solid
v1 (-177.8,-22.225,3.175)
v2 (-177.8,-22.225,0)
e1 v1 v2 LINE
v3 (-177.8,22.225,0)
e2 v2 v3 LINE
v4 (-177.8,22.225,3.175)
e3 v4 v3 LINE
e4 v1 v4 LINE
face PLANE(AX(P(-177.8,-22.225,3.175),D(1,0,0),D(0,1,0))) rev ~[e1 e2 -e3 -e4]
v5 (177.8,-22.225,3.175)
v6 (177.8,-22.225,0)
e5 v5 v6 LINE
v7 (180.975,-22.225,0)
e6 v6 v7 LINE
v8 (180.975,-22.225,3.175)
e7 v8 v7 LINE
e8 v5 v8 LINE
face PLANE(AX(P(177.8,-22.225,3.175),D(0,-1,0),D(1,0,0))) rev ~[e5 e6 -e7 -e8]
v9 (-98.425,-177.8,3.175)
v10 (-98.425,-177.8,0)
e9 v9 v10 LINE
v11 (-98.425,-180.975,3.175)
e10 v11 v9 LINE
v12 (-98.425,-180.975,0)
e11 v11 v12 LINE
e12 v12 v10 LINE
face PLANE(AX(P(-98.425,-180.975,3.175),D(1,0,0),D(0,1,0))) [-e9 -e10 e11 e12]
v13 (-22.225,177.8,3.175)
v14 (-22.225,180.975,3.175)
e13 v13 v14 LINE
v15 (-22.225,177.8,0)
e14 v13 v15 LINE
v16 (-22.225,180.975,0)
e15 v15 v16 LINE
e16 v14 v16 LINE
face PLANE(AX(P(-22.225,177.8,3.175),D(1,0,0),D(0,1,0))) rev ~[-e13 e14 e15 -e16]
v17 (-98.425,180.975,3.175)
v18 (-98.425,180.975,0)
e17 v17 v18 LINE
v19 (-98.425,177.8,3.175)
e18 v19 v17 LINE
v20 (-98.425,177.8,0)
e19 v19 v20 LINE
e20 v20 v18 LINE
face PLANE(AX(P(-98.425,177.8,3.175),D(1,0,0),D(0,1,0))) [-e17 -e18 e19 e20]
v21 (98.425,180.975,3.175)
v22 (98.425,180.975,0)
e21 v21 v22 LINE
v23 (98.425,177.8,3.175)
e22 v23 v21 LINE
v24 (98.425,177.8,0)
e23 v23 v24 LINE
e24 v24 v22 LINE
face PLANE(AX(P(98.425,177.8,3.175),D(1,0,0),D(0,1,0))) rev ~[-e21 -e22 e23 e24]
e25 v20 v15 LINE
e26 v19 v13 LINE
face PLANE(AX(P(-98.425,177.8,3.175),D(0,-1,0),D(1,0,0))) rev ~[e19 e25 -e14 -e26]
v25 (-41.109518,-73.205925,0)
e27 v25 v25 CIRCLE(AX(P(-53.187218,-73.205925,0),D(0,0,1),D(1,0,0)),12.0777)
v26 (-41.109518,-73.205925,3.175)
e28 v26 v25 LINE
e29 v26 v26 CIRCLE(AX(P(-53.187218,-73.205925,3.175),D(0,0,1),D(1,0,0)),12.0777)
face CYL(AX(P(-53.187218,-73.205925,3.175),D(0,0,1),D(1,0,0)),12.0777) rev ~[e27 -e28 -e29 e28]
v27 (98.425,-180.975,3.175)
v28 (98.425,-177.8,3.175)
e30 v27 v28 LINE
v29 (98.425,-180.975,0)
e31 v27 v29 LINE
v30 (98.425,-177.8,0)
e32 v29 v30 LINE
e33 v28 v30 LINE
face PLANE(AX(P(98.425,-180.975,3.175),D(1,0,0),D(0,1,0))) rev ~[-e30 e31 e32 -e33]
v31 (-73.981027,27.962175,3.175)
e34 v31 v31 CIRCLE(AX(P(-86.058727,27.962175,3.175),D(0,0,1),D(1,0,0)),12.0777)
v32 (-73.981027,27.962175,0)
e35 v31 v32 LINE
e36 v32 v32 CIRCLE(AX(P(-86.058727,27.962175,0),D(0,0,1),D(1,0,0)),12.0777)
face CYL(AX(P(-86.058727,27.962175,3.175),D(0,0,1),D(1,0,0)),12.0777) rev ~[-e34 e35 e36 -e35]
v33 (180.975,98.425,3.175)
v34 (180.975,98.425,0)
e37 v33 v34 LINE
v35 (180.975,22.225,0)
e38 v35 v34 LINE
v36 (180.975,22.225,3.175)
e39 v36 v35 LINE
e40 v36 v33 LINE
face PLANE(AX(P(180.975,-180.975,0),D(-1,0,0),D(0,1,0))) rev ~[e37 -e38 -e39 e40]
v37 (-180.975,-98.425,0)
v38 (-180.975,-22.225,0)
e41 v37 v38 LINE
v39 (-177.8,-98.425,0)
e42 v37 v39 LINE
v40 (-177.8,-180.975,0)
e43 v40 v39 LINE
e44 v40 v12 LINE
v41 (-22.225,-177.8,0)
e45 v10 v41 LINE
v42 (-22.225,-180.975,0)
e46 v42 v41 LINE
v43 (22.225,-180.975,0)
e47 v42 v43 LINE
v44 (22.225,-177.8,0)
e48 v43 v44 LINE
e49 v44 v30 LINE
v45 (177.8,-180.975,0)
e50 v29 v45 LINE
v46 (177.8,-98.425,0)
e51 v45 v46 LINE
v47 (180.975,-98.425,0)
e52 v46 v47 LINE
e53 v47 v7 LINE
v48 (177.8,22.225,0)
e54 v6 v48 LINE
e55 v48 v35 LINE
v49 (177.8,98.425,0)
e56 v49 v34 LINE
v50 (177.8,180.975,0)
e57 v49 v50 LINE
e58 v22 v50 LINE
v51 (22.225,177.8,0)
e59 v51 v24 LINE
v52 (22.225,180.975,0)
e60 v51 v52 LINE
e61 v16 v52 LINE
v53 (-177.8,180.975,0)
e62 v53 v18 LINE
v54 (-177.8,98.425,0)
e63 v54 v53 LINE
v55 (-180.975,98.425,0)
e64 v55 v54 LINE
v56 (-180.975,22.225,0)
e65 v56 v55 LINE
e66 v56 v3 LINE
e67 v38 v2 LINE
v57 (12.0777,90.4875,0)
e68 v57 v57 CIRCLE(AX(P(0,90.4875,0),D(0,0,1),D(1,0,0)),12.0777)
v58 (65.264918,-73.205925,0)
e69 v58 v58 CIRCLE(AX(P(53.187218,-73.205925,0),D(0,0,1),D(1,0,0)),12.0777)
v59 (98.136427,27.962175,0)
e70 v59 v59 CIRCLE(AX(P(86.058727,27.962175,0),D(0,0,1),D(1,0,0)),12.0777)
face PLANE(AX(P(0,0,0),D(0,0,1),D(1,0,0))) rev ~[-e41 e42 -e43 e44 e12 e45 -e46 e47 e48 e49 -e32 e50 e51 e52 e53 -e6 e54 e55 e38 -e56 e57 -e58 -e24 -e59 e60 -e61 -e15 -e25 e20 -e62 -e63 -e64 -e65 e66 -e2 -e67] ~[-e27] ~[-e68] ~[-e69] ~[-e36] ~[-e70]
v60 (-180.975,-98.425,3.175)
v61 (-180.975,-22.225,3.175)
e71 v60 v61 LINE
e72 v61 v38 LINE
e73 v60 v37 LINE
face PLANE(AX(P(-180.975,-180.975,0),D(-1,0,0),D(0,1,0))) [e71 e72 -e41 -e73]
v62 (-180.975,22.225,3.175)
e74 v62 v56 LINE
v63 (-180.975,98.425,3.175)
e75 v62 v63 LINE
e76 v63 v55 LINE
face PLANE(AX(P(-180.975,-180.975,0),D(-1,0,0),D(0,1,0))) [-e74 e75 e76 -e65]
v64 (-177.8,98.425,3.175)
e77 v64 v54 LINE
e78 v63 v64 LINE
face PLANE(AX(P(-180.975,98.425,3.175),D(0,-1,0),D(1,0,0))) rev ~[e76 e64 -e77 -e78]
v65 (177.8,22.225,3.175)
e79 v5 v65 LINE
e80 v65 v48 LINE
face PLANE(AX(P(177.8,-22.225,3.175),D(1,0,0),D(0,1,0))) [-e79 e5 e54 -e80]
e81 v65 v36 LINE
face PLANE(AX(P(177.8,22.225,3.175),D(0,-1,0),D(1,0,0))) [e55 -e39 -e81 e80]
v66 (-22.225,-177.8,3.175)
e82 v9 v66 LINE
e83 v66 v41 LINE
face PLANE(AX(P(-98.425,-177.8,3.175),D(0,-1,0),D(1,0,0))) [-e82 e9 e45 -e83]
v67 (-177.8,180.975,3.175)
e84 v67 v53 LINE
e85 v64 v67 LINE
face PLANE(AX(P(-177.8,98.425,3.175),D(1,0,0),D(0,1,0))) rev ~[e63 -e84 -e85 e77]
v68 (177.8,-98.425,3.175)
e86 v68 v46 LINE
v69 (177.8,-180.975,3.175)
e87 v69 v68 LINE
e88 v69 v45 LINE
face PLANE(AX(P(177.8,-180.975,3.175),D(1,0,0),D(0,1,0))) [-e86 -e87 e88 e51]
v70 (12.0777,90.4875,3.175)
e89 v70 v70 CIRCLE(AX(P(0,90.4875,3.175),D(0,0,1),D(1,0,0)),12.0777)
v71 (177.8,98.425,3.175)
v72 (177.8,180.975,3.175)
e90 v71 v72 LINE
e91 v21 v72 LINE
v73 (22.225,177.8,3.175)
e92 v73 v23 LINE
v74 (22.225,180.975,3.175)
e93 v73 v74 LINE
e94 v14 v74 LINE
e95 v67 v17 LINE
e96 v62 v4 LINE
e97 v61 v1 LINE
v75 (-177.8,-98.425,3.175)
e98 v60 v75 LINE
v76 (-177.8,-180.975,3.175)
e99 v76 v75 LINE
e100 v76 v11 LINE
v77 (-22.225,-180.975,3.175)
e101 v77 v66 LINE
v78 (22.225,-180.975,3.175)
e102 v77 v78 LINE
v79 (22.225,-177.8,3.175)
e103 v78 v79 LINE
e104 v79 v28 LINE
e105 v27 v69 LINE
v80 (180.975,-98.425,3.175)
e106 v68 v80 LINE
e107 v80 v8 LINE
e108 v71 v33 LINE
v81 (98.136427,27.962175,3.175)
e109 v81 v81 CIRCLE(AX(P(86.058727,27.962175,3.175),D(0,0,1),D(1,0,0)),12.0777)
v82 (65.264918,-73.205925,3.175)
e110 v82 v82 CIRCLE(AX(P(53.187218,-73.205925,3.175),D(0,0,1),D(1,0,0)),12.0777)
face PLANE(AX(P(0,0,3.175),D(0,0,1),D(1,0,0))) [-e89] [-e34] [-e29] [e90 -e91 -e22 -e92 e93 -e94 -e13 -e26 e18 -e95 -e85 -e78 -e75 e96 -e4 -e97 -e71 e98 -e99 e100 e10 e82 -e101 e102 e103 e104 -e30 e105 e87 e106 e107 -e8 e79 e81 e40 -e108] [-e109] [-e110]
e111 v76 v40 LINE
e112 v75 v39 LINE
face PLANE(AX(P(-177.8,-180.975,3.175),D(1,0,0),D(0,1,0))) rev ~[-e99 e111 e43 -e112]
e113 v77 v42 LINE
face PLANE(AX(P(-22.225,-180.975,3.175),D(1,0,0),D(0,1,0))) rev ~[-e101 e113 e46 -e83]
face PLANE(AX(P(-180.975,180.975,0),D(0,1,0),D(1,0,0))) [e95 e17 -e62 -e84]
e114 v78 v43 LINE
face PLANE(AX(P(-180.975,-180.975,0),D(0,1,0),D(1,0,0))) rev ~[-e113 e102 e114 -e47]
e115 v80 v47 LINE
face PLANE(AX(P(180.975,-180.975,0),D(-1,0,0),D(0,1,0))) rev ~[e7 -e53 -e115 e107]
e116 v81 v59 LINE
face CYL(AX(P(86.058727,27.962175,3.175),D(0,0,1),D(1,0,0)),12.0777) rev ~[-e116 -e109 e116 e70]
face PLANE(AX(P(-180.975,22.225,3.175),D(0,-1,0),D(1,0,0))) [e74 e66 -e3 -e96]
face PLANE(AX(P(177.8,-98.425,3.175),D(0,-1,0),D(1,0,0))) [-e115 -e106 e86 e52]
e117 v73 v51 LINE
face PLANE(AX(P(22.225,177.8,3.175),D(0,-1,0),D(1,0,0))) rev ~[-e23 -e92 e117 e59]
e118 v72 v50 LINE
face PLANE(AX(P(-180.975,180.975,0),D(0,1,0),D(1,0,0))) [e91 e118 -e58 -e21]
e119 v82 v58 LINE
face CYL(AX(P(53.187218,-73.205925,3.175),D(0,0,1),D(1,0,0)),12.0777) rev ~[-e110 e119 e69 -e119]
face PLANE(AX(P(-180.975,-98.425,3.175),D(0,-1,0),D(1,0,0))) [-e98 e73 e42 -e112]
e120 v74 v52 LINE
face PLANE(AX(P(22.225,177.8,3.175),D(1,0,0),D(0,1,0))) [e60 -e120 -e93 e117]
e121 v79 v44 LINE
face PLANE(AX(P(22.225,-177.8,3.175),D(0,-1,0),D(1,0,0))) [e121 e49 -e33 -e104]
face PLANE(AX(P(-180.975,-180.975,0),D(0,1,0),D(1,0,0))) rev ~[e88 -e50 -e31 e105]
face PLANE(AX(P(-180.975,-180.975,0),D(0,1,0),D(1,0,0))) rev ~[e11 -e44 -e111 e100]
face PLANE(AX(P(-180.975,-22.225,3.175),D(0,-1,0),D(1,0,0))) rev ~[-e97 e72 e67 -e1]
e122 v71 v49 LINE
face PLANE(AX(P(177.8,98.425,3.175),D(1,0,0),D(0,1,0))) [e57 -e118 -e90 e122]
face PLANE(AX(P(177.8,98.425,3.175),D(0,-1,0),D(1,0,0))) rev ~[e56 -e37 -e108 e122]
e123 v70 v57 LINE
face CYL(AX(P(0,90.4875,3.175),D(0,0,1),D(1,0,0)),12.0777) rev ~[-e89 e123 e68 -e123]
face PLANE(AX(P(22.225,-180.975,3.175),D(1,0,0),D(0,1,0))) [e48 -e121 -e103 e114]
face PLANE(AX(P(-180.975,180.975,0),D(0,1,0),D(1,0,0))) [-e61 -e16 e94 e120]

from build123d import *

# Parameters (mm, degrees)
SKETCH1_W           = 361.95
SKETCH1_H           = 361.95
BOSS_EXTRUDE1_DEPTH = 3.175
SKETCH2_W           = 76.2
SKETCH2_H           = 3.175
CUT_EXTRUDE1_DEPTH  = 3.175
SKETCH3_R           = 12.0777
SKETCH3_W           = 3.175
SKETCH3_H           = 82.55
SKETCH3_H_2         = 44.45
CUT_EXTRUDE2_DEPTH  = 3.175


with BuildPart() as part:
    # Sketch1 → Boss-Extrude1 (new body)
    with BuildSketch(Plane.XY):
        Rectangle(SKETCH1_W, SKETCH1_H)
    extrude(amount=BOSS_EXTRUDE1_DEPTH)

    # Sketch2 → Cut-Extrude1 (cut)
    with BuildSketch(Plane.XY.offset(3.175)):
        with Locations((-60.325, 179.3875)):
            Rectangle(SKETCH2_W, SKETCH2_H)
        with Locations((60.325, 179.3875)):
            Rectangle(SKETCH2_W, SKETCH2_H)
        with Locations((60.325, -179.3875)):
            Rectangle(SKETCH2_W, SKETCH2_H)
        with Locations((-60.325, -179.3875)):
            Rectangle(SKETCH2_W, SKETCH2_H)
    extrude(amount=-CUT_EXTRUDE1_DEPTH, mode=Mode.SUBTRACT)

    # Sketch3 → Cut-Extrude2 (cut)
    with BuildSketch(Plane.XY.offset(3.175)):
        with Locations((0, 90.4875)):
            Circle(SKETCH3_R)
        with Locations((86.058726518, 27.962175279)):
            Circle(SKETCH3_R)
        with Locations((53.187218017, -73.205925279)):
            Circle(SKETCH3_R)
        with Locations((-53.187218017, -73.205925279)):
            Circle(SKETCH3_R)
        with Locations((-86.058726518, 27.962175279)):
            Circle(SKETCH3_R)
        with Locations((-179.3875, 139.7)):
            Rectangle(SKETCH3_W, SKETCH3_H)
        with Locations((-179.3875, 0)):
            Rectangle(SKETCH3_W, SKETCH3_H_2)
        with Locations((-179.3875, -139.7)):
            Rectangle(SKETCH3_W, SKETCH3_H)
        with Locations((179.3875, -139.7)):
            Rectangle(SKETCH3_W, SKETCH3_H)
        with Locations((179.3875, 0)):
            Rectangle(SKETCH3_W, SKETCH3_H_2)
        with Locations((179.3875, 139.7)):
            Rectangle(SKETCH3_W, SKETCH3_H)
    extrude(amount=-CUT_EXTRUDE2_DEPTH, mode=Mode.SUBTRACT)


solid = part.part
